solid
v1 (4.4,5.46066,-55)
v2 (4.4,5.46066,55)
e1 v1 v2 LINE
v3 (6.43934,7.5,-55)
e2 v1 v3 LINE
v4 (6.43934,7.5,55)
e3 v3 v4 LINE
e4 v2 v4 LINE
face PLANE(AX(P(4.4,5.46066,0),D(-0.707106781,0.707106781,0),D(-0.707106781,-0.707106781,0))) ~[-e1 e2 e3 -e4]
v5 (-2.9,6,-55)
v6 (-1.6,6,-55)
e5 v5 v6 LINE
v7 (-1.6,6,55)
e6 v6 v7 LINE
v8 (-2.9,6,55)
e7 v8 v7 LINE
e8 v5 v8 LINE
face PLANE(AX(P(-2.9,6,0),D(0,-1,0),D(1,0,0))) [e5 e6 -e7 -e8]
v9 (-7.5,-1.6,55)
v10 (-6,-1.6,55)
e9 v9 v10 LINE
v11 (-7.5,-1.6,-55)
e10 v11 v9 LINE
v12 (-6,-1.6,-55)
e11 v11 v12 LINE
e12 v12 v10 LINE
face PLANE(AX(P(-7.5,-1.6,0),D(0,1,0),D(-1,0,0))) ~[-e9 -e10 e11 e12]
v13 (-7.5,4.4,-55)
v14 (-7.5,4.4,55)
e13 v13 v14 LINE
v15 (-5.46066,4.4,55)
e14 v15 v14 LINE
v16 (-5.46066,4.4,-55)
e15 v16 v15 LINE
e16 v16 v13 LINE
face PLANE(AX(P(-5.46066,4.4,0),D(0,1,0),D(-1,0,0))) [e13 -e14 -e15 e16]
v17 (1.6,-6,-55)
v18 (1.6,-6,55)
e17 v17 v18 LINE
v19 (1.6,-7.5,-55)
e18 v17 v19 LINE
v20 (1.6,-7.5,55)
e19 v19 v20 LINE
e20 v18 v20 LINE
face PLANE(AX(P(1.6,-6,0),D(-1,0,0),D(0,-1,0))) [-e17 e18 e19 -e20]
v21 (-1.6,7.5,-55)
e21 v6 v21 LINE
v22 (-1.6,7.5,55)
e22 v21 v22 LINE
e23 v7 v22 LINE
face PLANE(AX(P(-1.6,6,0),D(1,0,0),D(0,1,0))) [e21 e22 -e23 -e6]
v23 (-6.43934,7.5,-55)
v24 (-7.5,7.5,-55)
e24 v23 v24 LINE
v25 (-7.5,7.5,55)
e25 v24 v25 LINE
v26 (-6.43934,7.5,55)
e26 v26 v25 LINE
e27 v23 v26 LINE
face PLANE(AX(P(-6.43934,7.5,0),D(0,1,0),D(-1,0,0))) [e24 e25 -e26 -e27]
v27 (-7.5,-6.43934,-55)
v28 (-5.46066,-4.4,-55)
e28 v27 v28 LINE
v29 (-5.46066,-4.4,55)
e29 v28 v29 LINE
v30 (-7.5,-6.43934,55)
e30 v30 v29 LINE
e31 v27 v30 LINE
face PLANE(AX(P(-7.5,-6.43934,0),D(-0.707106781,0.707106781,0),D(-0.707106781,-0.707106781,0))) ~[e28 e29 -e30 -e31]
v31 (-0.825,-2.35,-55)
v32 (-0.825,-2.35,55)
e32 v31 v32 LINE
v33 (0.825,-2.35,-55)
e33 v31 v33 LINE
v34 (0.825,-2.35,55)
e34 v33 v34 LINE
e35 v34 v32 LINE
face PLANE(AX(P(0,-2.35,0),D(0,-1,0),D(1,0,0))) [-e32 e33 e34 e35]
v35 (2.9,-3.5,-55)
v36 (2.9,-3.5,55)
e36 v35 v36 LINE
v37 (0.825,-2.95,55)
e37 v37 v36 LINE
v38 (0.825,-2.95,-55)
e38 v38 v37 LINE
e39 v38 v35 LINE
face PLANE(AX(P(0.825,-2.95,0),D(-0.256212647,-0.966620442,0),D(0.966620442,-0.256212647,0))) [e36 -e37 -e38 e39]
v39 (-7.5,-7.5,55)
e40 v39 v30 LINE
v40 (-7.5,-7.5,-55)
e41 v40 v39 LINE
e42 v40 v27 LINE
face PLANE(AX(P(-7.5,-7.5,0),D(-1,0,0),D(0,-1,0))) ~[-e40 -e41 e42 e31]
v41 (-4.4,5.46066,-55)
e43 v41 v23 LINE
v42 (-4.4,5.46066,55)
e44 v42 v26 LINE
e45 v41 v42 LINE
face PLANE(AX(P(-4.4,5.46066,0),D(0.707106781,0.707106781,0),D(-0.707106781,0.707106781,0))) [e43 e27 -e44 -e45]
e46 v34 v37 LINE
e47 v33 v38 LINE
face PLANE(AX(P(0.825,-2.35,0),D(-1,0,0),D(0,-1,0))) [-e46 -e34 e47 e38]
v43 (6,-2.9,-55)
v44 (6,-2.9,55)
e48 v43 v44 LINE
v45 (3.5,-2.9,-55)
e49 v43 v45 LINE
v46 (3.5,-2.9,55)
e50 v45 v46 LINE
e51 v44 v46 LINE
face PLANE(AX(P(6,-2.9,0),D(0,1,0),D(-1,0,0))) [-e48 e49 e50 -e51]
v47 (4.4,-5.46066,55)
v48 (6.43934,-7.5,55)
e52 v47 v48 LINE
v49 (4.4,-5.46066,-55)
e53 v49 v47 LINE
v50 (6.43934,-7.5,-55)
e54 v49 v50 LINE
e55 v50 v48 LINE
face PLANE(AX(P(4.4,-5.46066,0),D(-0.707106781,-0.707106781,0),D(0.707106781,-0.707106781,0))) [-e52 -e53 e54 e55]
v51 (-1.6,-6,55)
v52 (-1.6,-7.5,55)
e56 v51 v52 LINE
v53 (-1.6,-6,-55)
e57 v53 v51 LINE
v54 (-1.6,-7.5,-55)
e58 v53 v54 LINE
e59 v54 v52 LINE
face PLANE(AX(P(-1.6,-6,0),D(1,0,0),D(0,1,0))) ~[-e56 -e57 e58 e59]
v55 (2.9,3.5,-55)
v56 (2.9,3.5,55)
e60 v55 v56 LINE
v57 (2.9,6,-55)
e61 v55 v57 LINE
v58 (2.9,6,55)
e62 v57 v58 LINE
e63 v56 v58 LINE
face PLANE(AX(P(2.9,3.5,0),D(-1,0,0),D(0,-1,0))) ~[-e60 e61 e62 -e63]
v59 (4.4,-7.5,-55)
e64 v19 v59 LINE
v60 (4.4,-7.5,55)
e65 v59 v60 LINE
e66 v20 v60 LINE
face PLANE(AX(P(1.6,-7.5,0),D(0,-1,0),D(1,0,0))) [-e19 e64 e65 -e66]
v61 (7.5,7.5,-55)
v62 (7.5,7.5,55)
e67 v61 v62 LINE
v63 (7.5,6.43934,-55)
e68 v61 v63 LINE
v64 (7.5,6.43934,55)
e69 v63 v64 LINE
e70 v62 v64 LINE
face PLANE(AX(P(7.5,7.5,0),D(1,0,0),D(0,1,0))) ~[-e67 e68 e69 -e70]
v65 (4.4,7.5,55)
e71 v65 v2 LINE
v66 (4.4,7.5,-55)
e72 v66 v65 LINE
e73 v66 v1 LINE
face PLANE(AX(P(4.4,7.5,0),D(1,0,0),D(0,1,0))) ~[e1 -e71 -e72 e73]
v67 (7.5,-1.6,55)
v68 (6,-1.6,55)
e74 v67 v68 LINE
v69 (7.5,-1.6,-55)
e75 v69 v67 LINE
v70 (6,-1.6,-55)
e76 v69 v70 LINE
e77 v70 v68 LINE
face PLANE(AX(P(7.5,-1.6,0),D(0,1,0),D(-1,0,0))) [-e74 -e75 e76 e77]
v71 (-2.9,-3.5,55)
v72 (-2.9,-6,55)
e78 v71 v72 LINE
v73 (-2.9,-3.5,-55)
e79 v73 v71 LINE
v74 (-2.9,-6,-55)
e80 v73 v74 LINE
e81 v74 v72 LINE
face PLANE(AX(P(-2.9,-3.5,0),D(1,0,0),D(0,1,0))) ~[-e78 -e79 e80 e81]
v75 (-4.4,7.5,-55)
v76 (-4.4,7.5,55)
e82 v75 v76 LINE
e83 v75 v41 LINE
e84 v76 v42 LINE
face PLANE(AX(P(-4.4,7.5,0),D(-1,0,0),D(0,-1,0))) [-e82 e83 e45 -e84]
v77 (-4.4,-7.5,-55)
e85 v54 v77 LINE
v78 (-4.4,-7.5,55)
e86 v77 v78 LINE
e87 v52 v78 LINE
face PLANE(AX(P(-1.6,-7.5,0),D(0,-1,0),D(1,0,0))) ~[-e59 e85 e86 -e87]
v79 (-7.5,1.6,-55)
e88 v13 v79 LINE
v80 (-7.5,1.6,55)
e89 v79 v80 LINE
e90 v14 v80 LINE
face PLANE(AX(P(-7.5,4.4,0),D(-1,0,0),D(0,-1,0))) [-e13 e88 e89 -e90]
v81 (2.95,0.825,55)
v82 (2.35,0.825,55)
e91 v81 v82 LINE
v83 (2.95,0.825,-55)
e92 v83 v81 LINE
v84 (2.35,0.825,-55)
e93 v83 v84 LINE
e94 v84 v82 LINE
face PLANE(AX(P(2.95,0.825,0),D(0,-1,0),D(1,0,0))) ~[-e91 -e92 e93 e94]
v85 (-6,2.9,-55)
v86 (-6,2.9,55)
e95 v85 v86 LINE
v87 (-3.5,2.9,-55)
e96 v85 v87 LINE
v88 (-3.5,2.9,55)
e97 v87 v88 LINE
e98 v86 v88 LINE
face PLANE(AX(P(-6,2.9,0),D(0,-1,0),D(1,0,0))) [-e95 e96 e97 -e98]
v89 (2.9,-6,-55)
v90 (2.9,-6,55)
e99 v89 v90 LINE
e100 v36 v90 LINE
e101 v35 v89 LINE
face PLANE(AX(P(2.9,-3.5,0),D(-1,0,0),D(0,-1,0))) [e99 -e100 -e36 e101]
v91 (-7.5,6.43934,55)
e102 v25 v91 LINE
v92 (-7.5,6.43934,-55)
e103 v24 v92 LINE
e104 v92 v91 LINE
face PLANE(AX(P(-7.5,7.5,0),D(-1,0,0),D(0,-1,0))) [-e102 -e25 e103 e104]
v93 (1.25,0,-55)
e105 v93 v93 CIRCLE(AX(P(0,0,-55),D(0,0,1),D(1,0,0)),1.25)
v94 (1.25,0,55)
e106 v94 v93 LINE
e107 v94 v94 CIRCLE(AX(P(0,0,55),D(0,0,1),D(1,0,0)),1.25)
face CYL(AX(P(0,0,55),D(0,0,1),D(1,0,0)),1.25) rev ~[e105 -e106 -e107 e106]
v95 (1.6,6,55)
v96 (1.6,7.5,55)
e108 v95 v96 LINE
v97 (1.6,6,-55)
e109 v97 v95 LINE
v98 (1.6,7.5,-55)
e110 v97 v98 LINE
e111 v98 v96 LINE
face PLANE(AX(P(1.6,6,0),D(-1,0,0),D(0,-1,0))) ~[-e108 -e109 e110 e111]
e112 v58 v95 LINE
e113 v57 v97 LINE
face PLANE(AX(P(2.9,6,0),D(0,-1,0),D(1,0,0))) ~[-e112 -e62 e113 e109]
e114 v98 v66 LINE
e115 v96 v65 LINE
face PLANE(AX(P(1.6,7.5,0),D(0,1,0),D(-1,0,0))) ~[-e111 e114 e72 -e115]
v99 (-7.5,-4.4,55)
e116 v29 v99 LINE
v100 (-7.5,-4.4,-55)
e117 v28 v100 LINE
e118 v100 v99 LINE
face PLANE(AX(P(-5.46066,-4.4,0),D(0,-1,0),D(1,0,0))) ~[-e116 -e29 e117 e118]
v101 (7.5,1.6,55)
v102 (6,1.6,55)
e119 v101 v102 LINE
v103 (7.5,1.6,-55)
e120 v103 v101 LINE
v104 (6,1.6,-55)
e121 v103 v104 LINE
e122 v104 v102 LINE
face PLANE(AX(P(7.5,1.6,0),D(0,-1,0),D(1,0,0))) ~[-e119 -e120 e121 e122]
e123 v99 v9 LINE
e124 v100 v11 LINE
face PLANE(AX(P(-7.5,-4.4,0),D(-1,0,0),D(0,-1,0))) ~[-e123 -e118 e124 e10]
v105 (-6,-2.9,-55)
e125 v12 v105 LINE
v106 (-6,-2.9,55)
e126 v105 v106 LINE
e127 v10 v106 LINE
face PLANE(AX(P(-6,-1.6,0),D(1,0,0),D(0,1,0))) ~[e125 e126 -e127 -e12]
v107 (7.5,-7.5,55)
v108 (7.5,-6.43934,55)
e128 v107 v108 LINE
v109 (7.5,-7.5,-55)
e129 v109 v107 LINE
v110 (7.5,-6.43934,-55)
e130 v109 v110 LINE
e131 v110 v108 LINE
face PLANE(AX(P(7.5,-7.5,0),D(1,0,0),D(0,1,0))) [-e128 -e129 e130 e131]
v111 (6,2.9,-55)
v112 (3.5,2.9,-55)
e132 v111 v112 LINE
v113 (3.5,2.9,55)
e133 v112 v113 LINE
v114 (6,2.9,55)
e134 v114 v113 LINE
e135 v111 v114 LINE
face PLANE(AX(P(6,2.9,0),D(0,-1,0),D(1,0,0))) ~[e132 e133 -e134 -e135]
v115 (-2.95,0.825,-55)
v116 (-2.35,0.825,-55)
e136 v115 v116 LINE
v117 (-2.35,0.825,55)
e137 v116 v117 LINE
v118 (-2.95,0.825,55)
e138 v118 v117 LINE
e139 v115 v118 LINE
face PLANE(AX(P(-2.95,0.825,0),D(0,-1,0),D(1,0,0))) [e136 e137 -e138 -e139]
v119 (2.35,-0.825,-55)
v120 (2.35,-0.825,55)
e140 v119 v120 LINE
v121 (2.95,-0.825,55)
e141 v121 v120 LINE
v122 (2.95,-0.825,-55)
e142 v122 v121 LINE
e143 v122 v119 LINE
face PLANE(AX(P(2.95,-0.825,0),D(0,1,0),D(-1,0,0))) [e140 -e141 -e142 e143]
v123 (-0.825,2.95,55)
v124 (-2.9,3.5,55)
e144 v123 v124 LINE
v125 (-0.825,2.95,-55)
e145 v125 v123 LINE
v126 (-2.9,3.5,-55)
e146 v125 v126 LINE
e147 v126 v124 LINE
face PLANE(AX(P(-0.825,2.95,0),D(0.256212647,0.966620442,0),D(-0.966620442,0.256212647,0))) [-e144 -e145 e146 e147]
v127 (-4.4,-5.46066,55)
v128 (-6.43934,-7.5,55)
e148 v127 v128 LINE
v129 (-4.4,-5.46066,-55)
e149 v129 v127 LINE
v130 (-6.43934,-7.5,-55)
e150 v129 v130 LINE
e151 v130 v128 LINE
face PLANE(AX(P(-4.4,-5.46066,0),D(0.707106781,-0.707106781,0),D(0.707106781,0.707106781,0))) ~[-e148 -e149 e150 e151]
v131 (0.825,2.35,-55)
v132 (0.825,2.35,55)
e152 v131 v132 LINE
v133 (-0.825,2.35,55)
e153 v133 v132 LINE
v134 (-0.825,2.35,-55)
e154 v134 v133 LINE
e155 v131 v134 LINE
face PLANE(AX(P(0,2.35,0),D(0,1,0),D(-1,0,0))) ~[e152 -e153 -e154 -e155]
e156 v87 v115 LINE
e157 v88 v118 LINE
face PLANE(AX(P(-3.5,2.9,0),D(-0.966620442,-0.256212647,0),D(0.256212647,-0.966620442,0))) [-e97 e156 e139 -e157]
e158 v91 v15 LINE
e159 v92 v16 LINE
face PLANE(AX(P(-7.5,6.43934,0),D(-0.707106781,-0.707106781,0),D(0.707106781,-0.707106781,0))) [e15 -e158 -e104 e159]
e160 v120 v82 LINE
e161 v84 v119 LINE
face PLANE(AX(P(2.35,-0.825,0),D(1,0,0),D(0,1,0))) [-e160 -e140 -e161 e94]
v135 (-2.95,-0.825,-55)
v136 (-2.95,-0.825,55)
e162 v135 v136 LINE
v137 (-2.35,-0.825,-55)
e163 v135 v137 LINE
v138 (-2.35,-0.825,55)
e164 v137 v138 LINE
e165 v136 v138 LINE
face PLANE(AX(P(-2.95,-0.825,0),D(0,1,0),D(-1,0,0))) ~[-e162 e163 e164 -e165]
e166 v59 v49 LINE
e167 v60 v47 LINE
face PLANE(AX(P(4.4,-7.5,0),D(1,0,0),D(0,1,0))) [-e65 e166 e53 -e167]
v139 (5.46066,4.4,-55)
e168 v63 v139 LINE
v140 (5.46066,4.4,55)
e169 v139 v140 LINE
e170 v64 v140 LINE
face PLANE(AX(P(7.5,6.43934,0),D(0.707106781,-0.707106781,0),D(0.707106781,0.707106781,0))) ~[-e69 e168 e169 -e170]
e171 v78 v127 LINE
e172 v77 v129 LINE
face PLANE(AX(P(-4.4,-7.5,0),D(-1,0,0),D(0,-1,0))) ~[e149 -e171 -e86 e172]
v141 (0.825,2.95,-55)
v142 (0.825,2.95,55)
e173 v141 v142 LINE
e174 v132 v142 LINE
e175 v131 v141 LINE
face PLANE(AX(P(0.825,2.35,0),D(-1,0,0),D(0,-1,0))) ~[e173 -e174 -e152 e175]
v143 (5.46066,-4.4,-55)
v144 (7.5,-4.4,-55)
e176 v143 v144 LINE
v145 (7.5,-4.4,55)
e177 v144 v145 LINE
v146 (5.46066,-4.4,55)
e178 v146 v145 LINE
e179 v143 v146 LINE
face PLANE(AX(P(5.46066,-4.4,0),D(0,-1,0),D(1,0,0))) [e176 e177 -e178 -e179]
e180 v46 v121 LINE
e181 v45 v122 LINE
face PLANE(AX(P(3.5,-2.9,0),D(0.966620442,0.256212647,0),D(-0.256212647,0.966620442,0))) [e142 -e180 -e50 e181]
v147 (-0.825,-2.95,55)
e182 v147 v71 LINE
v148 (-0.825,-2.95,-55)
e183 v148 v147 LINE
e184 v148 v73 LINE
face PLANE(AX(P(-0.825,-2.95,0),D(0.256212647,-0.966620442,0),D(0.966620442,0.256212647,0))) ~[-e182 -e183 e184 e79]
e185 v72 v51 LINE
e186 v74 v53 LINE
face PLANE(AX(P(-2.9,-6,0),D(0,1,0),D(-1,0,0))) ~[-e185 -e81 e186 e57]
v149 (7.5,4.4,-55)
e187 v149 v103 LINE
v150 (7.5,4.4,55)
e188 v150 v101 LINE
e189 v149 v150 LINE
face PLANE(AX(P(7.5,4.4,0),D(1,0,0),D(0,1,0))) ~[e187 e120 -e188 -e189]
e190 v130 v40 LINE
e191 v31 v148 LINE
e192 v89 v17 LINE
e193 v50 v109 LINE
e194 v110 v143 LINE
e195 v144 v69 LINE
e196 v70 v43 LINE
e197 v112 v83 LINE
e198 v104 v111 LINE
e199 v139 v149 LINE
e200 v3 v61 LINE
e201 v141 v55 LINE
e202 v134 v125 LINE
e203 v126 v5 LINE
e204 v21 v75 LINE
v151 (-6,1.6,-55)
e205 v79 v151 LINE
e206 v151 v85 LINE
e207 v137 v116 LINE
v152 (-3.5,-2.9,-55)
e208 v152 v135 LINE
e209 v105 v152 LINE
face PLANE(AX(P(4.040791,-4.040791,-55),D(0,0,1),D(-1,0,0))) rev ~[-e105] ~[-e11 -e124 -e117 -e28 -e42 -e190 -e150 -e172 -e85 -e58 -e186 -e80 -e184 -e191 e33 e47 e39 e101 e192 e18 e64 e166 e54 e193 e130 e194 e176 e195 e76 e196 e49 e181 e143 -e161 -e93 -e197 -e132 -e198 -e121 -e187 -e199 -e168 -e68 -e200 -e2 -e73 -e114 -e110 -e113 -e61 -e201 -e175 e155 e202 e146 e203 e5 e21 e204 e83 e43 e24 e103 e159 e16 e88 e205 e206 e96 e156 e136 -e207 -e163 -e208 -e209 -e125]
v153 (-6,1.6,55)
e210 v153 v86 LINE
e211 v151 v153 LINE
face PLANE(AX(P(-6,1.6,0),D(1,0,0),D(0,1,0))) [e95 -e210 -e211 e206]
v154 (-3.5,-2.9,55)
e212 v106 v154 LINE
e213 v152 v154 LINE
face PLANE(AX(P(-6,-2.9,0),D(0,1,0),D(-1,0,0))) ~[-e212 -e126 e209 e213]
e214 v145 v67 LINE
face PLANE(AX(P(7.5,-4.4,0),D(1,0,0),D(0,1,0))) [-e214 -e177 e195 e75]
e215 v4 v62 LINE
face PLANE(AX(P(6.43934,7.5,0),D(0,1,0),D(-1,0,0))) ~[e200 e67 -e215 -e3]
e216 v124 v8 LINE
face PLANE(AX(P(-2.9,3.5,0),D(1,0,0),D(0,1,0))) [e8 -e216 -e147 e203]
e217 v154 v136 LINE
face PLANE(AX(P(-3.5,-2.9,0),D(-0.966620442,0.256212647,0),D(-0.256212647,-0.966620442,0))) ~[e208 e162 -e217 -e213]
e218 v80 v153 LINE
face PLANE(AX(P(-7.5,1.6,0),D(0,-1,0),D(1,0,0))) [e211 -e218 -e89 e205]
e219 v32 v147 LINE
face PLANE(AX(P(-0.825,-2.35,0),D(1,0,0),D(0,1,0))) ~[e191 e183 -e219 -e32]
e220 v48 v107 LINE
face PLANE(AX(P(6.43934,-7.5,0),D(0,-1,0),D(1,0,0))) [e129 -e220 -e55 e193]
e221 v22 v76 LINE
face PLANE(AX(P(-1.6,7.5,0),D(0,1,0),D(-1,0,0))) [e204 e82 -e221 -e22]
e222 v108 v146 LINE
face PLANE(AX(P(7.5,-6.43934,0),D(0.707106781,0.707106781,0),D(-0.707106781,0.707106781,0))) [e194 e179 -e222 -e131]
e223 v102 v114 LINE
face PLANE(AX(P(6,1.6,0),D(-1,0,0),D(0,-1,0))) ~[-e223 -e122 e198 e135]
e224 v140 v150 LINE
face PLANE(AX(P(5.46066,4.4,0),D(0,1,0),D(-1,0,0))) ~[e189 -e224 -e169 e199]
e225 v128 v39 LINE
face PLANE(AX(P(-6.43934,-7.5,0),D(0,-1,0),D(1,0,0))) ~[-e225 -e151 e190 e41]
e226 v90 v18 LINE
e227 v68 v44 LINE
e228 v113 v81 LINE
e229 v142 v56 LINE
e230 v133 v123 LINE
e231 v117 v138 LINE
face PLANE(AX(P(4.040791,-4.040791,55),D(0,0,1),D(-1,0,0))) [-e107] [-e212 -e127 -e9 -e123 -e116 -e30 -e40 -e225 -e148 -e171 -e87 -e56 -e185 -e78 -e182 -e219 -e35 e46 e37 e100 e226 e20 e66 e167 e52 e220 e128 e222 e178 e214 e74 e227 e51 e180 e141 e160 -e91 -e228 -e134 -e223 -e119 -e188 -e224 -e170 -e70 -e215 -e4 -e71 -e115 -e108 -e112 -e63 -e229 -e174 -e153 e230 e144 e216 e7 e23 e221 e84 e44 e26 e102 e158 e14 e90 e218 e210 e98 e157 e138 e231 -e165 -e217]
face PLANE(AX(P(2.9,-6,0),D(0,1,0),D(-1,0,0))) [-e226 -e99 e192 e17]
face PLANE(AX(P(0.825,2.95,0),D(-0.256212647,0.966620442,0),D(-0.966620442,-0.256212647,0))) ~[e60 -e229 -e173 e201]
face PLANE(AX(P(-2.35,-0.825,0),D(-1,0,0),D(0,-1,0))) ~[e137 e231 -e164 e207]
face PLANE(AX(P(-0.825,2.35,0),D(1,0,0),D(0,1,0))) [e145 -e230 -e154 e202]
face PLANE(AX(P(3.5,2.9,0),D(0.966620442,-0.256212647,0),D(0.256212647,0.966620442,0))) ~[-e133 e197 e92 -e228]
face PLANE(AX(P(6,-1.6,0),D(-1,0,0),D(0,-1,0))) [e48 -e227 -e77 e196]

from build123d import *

# Parameters (mm, degrees)
RESSALTO_EXTRUS_O1_DEPTH   = 55
ESPELHAR2_COPY_1_DEPTH     = 55
ESBO_O2_R                  = 1.25
CORTE_EXTRUS_O1_DEPTH      = 1
CORTE_EXTRUS_O1_DEPTH_BACK = 111


with BuildPart() as part:
    # Esboço1 → Ressalto-extrusão1 (new body, symmetric)
    with BuildSketch(Plane.XY):
        Polygon((0, 2.35), (-0.825, 2.35), (-0.825, 2.95), (-2.9, 3.5), (-2.9, 6), (-1.6, 6), (-1.6, 7.5), (-4.4, 7.5), (-4.4, 5.460660172), (-6.439339828, 7.5), (-7.5, 7.5), (-7.5, 6.439339828), (-5.460660172, 4.4), (-7.5, 4.4), (-7.5, 1.6), (-6, 1.6), (-6, 2.9), (-3.5, 2.9), (-2.95, 0.825), (-2.35, 0.825), (-2.35, 0), (0, 0), align=None)
    ressalto_extrus_o1 = extrude(amount=RESSALTO_EXTRUS_O1_DEPTH, both=True)

    # Espelhar1: Ressalto-extrusão1 across plane
    add(ressalto_extrus_o1.mirror(Plane.ZX))

    # Espelhar2: Ressalto-extrusão1 across plane
    add(ressalto_extrus_o1.mirror(Plane(origin=(0, 0, 0), x_dir=(0, 0, 1), z_dir=(1, 0, 0))))

    # Espelhar2 copy 1 sketch → Espelhar2 copy 1 (add, symmetric)
    with BuildSketch(Plane(origin=(0, 0, 0), x_dir=(-1, 0, 0), z_dir=(0, 0, 1))):
        Polygon((0, 2.35), (-0.825, 2.35), (-0.825, 2.95), (-2.9, 3.5), (-2.9, 6), (-1.6, 6), (-1.6, 7.5), (-4.4, 7.5), (-4.4, 5.460660172), (-6.439339828, 7.5), (-7.5, 7.5), (-7.5, 6.439339828), (-5.460660172, 4.4), (-7.5, 4.4), (-7.5, 1.6), (-6, 1.6), (-6, 2.9), (-3.5, 2.9), (-2.95, 0.825), (-2.35, 0.825), (-2.35, 0), (0, 0), align=None)
    extrude(amount=ESPELHAR2_COPY_1_DEPTH, both=True)

    # Esboço2 → Corte-extrusão1 (cut, two sides)
    with BuildSketch(Plane.XY.offset(55)) as corte_extrus_o1_sk:
        Circle(ESBO_O2_R)
    extrude(amount=CORTE_EXTRUS_O1_DEPTH, mode=Mode.SUBTRACT)
    extrude(corte_extrus_o1_sk.sketch, amount=-CORTE_EXTRUS_O1_DEPTH_BACK, mode=Mode.SUBTRACT)


solid = part.part
